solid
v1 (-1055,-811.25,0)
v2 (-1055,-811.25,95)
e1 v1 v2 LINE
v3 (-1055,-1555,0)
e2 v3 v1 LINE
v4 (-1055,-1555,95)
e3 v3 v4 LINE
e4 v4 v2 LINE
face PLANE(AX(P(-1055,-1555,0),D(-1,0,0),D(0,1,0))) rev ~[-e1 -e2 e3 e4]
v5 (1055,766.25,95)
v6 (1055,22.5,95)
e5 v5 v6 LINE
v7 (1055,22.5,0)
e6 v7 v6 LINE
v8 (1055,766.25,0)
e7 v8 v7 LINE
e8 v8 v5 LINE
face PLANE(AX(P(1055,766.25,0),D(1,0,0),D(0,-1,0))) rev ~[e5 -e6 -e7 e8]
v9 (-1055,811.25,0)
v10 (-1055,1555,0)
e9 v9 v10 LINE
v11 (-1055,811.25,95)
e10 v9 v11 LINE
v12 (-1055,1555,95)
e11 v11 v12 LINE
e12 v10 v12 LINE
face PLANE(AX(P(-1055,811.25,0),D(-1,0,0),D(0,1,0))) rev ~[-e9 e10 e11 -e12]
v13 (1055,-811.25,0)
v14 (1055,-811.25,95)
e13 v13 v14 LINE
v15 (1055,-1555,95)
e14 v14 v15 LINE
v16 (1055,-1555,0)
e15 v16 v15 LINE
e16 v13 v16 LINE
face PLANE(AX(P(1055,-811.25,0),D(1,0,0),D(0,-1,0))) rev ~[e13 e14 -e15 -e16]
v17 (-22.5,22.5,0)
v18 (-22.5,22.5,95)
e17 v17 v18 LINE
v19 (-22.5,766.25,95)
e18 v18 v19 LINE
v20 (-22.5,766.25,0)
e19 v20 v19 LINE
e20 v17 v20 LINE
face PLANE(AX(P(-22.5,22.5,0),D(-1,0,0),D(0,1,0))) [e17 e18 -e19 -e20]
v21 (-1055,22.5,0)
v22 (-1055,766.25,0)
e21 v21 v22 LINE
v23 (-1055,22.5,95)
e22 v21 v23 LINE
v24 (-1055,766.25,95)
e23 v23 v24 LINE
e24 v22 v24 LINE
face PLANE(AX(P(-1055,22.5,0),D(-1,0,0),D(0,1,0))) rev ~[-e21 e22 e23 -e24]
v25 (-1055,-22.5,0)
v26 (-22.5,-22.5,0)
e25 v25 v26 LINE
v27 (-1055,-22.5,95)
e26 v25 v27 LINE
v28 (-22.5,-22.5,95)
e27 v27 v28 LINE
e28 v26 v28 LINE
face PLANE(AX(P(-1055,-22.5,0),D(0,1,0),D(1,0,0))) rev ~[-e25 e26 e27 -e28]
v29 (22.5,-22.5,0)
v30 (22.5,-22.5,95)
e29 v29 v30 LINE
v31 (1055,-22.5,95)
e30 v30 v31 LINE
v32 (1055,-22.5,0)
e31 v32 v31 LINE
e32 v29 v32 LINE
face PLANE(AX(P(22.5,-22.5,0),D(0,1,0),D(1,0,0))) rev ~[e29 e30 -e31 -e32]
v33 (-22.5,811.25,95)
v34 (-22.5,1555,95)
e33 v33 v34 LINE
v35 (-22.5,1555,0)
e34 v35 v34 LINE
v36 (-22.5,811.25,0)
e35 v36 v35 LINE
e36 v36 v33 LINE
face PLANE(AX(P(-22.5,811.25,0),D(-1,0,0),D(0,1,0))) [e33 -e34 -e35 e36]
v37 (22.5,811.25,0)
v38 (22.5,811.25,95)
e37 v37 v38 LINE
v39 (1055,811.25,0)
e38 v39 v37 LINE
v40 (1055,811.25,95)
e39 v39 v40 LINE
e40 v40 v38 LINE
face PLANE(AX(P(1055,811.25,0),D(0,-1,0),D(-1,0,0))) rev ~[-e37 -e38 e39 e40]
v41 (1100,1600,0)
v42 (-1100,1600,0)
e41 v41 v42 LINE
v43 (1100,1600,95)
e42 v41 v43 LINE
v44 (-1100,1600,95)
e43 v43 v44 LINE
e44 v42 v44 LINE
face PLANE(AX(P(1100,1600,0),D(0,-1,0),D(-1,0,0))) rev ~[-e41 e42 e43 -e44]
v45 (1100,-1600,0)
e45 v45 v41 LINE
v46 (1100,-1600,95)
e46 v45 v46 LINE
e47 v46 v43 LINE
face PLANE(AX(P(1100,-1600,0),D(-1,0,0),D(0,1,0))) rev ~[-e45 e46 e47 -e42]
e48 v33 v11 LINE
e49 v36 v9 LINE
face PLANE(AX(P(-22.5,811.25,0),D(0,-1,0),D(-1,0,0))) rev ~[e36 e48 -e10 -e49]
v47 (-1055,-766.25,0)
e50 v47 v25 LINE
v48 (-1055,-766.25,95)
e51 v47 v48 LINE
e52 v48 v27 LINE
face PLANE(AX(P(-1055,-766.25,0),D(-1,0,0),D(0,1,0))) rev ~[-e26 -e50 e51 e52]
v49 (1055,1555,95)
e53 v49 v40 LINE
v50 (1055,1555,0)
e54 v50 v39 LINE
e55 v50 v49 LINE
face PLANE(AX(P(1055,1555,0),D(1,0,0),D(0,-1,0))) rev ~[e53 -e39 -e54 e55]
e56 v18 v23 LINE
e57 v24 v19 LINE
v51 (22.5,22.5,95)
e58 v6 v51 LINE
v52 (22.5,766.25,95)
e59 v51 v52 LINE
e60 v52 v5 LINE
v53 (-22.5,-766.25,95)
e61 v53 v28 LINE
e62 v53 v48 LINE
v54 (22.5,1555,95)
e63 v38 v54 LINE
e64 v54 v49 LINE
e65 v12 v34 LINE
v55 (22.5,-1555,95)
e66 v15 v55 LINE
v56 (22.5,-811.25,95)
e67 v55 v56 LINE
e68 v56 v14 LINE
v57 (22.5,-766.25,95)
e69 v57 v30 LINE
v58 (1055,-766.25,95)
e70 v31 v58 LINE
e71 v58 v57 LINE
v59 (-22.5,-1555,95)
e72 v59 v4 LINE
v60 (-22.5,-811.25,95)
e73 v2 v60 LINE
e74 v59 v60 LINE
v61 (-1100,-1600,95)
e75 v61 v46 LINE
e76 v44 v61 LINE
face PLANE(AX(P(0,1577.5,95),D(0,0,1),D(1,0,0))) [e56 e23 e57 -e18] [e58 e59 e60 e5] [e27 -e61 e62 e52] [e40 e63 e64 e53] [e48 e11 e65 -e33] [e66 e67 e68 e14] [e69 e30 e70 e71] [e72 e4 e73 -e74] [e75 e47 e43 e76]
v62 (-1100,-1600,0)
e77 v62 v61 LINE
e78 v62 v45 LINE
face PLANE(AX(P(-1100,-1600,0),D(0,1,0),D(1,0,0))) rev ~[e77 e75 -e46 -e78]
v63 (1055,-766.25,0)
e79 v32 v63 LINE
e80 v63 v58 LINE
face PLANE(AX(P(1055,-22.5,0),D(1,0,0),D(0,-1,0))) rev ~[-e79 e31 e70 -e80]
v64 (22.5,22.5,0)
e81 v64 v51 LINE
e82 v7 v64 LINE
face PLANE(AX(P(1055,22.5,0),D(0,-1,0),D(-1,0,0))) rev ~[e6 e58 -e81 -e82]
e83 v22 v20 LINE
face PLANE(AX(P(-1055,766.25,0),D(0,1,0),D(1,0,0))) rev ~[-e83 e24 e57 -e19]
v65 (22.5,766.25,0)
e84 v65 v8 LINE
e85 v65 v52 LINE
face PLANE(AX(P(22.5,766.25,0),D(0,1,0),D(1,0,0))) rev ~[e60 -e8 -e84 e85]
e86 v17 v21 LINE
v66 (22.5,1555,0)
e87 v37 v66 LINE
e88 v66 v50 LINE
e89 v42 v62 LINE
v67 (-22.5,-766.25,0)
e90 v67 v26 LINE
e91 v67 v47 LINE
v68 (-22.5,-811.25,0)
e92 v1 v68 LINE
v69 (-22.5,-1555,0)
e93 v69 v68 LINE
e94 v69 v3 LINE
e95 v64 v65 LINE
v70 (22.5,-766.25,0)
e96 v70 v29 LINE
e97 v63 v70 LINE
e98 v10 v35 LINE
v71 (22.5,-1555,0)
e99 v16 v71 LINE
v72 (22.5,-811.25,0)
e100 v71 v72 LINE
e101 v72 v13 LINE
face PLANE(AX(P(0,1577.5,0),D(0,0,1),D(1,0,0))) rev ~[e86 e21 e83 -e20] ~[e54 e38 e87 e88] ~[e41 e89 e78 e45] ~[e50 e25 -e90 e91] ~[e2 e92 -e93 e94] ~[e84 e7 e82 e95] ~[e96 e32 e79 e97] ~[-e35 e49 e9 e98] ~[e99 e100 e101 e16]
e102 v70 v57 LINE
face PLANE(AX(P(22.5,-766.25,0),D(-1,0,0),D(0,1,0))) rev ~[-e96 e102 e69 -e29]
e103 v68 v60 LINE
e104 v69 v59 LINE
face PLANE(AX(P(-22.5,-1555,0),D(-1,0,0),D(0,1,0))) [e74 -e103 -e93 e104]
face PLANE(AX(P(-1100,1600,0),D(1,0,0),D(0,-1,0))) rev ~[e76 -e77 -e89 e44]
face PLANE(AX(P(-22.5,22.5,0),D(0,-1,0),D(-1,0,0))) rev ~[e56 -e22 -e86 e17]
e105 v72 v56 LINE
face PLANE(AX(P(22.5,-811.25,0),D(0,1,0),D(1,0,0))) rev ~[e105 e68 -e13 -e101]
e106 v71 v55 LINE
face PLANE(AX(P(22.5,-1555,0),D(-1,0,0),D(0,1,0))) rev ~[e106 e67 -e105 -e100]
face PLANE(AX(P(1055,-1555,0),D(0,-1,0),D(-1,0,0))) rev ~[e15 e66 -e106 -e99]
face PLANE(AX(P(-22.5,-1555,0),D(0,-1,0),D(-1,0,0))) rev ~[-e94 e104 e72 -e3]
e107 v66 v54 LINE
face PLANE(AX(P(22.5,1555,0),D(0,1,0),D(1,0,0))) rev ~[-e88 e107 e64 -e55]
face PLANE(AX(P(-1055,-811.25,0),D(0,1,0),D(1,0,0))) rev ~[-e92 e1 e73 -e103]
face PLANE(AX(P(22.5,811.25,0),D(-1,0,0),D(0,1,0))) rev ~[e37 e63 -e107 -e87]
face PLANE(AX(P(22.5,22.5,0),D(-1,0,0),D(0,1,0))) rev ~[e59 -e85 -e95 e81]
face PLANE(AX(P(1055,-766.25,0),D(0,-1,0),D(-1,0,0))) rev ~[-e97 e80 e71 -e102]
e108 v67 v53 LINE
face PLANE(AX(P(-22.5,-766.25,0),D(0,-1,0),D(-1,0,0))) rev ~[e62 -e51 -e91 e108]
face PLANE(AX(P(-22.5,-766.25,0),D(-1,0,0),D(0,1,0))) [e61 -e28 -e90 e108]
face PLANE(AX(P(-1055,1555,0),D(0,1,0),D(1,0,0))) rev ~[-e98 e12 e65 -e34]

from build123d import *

# Parameters (mm, degrees)
F0_W     = 45
F0_H     = 743.75
F1_DEPTH = 95


with BuildPart() as f1:
    # F0 (on Top) → F1 (new body)
    with BuildSketch(Plane.XY):
        Polygon((1055, 1555), (1055, 1600), (-1055, 1600), (-1055, 1555), (-22.5, 1555), (22.5, 1555), align=None)
        Polygon((-1055, 1555), (-1055, 1600), (-1100, 1600), (-1100, -1600), (-1055, -1600), (-1055, -1555), (-1055, -811.25), (-1055, -766.25), (-1055, -22.5), (-1055, 22.5), (-1055, 766.25), (-1055, 811.25), align=None)
        Polygon((1100, -1600), (1100, 1600), (1055, 1600), (1055, 1555), (1055, 811.25), (1055, 766.25), (1055, 22.5), (1055, -22.5), (1055, -766.25), (1055, -811.25), (1055, -1555), (1055, -1600), align=None)
        with Locations((0, -394.375)):
            Rectangle(F0_W, F0_H)
        Polygon((22.5, -811.25), (1055, -811.25), (1055, -766.25), (22.5, -766.25), (-22.5, -766.25), (-1055, -766.25), (-1055, -811.25), (-22.5, -811.25), align=None)
        with Locations((0, -1183.125)):
            Rectangle(F0_W, F0_H)
        Polygon((1055, -22.5), (1055, 22.5), (22.5, 22.5), (-22.5, 22.5), (-1055, 22.5), (-1055, -22.5), (-22.5, -22.5), (22.5, -22.5), align=None)
        Polygon((1055, 766.25), (1055, 811.25), (22.5, 811.25), (-22.5, 811.25), (-1055, 811.25), (-1055, 766.25), (-22.5, 766.25), (22.5, 766.25), align=None)
        with Locations((0, 394.375)):
            Rectangle(F0_W, F0_H)
        with Locations((0, 1183.125)):
            Rectangle(F0_W, F0_H)
        Polygon((-1055, -1600), (1055, -1600), (1055, -1555), (22.5, -1555), (-22.5, -1555), (-1055, -1555), align=None)
    extrude(amount=F1_DEPTH)


solid = f1.part
